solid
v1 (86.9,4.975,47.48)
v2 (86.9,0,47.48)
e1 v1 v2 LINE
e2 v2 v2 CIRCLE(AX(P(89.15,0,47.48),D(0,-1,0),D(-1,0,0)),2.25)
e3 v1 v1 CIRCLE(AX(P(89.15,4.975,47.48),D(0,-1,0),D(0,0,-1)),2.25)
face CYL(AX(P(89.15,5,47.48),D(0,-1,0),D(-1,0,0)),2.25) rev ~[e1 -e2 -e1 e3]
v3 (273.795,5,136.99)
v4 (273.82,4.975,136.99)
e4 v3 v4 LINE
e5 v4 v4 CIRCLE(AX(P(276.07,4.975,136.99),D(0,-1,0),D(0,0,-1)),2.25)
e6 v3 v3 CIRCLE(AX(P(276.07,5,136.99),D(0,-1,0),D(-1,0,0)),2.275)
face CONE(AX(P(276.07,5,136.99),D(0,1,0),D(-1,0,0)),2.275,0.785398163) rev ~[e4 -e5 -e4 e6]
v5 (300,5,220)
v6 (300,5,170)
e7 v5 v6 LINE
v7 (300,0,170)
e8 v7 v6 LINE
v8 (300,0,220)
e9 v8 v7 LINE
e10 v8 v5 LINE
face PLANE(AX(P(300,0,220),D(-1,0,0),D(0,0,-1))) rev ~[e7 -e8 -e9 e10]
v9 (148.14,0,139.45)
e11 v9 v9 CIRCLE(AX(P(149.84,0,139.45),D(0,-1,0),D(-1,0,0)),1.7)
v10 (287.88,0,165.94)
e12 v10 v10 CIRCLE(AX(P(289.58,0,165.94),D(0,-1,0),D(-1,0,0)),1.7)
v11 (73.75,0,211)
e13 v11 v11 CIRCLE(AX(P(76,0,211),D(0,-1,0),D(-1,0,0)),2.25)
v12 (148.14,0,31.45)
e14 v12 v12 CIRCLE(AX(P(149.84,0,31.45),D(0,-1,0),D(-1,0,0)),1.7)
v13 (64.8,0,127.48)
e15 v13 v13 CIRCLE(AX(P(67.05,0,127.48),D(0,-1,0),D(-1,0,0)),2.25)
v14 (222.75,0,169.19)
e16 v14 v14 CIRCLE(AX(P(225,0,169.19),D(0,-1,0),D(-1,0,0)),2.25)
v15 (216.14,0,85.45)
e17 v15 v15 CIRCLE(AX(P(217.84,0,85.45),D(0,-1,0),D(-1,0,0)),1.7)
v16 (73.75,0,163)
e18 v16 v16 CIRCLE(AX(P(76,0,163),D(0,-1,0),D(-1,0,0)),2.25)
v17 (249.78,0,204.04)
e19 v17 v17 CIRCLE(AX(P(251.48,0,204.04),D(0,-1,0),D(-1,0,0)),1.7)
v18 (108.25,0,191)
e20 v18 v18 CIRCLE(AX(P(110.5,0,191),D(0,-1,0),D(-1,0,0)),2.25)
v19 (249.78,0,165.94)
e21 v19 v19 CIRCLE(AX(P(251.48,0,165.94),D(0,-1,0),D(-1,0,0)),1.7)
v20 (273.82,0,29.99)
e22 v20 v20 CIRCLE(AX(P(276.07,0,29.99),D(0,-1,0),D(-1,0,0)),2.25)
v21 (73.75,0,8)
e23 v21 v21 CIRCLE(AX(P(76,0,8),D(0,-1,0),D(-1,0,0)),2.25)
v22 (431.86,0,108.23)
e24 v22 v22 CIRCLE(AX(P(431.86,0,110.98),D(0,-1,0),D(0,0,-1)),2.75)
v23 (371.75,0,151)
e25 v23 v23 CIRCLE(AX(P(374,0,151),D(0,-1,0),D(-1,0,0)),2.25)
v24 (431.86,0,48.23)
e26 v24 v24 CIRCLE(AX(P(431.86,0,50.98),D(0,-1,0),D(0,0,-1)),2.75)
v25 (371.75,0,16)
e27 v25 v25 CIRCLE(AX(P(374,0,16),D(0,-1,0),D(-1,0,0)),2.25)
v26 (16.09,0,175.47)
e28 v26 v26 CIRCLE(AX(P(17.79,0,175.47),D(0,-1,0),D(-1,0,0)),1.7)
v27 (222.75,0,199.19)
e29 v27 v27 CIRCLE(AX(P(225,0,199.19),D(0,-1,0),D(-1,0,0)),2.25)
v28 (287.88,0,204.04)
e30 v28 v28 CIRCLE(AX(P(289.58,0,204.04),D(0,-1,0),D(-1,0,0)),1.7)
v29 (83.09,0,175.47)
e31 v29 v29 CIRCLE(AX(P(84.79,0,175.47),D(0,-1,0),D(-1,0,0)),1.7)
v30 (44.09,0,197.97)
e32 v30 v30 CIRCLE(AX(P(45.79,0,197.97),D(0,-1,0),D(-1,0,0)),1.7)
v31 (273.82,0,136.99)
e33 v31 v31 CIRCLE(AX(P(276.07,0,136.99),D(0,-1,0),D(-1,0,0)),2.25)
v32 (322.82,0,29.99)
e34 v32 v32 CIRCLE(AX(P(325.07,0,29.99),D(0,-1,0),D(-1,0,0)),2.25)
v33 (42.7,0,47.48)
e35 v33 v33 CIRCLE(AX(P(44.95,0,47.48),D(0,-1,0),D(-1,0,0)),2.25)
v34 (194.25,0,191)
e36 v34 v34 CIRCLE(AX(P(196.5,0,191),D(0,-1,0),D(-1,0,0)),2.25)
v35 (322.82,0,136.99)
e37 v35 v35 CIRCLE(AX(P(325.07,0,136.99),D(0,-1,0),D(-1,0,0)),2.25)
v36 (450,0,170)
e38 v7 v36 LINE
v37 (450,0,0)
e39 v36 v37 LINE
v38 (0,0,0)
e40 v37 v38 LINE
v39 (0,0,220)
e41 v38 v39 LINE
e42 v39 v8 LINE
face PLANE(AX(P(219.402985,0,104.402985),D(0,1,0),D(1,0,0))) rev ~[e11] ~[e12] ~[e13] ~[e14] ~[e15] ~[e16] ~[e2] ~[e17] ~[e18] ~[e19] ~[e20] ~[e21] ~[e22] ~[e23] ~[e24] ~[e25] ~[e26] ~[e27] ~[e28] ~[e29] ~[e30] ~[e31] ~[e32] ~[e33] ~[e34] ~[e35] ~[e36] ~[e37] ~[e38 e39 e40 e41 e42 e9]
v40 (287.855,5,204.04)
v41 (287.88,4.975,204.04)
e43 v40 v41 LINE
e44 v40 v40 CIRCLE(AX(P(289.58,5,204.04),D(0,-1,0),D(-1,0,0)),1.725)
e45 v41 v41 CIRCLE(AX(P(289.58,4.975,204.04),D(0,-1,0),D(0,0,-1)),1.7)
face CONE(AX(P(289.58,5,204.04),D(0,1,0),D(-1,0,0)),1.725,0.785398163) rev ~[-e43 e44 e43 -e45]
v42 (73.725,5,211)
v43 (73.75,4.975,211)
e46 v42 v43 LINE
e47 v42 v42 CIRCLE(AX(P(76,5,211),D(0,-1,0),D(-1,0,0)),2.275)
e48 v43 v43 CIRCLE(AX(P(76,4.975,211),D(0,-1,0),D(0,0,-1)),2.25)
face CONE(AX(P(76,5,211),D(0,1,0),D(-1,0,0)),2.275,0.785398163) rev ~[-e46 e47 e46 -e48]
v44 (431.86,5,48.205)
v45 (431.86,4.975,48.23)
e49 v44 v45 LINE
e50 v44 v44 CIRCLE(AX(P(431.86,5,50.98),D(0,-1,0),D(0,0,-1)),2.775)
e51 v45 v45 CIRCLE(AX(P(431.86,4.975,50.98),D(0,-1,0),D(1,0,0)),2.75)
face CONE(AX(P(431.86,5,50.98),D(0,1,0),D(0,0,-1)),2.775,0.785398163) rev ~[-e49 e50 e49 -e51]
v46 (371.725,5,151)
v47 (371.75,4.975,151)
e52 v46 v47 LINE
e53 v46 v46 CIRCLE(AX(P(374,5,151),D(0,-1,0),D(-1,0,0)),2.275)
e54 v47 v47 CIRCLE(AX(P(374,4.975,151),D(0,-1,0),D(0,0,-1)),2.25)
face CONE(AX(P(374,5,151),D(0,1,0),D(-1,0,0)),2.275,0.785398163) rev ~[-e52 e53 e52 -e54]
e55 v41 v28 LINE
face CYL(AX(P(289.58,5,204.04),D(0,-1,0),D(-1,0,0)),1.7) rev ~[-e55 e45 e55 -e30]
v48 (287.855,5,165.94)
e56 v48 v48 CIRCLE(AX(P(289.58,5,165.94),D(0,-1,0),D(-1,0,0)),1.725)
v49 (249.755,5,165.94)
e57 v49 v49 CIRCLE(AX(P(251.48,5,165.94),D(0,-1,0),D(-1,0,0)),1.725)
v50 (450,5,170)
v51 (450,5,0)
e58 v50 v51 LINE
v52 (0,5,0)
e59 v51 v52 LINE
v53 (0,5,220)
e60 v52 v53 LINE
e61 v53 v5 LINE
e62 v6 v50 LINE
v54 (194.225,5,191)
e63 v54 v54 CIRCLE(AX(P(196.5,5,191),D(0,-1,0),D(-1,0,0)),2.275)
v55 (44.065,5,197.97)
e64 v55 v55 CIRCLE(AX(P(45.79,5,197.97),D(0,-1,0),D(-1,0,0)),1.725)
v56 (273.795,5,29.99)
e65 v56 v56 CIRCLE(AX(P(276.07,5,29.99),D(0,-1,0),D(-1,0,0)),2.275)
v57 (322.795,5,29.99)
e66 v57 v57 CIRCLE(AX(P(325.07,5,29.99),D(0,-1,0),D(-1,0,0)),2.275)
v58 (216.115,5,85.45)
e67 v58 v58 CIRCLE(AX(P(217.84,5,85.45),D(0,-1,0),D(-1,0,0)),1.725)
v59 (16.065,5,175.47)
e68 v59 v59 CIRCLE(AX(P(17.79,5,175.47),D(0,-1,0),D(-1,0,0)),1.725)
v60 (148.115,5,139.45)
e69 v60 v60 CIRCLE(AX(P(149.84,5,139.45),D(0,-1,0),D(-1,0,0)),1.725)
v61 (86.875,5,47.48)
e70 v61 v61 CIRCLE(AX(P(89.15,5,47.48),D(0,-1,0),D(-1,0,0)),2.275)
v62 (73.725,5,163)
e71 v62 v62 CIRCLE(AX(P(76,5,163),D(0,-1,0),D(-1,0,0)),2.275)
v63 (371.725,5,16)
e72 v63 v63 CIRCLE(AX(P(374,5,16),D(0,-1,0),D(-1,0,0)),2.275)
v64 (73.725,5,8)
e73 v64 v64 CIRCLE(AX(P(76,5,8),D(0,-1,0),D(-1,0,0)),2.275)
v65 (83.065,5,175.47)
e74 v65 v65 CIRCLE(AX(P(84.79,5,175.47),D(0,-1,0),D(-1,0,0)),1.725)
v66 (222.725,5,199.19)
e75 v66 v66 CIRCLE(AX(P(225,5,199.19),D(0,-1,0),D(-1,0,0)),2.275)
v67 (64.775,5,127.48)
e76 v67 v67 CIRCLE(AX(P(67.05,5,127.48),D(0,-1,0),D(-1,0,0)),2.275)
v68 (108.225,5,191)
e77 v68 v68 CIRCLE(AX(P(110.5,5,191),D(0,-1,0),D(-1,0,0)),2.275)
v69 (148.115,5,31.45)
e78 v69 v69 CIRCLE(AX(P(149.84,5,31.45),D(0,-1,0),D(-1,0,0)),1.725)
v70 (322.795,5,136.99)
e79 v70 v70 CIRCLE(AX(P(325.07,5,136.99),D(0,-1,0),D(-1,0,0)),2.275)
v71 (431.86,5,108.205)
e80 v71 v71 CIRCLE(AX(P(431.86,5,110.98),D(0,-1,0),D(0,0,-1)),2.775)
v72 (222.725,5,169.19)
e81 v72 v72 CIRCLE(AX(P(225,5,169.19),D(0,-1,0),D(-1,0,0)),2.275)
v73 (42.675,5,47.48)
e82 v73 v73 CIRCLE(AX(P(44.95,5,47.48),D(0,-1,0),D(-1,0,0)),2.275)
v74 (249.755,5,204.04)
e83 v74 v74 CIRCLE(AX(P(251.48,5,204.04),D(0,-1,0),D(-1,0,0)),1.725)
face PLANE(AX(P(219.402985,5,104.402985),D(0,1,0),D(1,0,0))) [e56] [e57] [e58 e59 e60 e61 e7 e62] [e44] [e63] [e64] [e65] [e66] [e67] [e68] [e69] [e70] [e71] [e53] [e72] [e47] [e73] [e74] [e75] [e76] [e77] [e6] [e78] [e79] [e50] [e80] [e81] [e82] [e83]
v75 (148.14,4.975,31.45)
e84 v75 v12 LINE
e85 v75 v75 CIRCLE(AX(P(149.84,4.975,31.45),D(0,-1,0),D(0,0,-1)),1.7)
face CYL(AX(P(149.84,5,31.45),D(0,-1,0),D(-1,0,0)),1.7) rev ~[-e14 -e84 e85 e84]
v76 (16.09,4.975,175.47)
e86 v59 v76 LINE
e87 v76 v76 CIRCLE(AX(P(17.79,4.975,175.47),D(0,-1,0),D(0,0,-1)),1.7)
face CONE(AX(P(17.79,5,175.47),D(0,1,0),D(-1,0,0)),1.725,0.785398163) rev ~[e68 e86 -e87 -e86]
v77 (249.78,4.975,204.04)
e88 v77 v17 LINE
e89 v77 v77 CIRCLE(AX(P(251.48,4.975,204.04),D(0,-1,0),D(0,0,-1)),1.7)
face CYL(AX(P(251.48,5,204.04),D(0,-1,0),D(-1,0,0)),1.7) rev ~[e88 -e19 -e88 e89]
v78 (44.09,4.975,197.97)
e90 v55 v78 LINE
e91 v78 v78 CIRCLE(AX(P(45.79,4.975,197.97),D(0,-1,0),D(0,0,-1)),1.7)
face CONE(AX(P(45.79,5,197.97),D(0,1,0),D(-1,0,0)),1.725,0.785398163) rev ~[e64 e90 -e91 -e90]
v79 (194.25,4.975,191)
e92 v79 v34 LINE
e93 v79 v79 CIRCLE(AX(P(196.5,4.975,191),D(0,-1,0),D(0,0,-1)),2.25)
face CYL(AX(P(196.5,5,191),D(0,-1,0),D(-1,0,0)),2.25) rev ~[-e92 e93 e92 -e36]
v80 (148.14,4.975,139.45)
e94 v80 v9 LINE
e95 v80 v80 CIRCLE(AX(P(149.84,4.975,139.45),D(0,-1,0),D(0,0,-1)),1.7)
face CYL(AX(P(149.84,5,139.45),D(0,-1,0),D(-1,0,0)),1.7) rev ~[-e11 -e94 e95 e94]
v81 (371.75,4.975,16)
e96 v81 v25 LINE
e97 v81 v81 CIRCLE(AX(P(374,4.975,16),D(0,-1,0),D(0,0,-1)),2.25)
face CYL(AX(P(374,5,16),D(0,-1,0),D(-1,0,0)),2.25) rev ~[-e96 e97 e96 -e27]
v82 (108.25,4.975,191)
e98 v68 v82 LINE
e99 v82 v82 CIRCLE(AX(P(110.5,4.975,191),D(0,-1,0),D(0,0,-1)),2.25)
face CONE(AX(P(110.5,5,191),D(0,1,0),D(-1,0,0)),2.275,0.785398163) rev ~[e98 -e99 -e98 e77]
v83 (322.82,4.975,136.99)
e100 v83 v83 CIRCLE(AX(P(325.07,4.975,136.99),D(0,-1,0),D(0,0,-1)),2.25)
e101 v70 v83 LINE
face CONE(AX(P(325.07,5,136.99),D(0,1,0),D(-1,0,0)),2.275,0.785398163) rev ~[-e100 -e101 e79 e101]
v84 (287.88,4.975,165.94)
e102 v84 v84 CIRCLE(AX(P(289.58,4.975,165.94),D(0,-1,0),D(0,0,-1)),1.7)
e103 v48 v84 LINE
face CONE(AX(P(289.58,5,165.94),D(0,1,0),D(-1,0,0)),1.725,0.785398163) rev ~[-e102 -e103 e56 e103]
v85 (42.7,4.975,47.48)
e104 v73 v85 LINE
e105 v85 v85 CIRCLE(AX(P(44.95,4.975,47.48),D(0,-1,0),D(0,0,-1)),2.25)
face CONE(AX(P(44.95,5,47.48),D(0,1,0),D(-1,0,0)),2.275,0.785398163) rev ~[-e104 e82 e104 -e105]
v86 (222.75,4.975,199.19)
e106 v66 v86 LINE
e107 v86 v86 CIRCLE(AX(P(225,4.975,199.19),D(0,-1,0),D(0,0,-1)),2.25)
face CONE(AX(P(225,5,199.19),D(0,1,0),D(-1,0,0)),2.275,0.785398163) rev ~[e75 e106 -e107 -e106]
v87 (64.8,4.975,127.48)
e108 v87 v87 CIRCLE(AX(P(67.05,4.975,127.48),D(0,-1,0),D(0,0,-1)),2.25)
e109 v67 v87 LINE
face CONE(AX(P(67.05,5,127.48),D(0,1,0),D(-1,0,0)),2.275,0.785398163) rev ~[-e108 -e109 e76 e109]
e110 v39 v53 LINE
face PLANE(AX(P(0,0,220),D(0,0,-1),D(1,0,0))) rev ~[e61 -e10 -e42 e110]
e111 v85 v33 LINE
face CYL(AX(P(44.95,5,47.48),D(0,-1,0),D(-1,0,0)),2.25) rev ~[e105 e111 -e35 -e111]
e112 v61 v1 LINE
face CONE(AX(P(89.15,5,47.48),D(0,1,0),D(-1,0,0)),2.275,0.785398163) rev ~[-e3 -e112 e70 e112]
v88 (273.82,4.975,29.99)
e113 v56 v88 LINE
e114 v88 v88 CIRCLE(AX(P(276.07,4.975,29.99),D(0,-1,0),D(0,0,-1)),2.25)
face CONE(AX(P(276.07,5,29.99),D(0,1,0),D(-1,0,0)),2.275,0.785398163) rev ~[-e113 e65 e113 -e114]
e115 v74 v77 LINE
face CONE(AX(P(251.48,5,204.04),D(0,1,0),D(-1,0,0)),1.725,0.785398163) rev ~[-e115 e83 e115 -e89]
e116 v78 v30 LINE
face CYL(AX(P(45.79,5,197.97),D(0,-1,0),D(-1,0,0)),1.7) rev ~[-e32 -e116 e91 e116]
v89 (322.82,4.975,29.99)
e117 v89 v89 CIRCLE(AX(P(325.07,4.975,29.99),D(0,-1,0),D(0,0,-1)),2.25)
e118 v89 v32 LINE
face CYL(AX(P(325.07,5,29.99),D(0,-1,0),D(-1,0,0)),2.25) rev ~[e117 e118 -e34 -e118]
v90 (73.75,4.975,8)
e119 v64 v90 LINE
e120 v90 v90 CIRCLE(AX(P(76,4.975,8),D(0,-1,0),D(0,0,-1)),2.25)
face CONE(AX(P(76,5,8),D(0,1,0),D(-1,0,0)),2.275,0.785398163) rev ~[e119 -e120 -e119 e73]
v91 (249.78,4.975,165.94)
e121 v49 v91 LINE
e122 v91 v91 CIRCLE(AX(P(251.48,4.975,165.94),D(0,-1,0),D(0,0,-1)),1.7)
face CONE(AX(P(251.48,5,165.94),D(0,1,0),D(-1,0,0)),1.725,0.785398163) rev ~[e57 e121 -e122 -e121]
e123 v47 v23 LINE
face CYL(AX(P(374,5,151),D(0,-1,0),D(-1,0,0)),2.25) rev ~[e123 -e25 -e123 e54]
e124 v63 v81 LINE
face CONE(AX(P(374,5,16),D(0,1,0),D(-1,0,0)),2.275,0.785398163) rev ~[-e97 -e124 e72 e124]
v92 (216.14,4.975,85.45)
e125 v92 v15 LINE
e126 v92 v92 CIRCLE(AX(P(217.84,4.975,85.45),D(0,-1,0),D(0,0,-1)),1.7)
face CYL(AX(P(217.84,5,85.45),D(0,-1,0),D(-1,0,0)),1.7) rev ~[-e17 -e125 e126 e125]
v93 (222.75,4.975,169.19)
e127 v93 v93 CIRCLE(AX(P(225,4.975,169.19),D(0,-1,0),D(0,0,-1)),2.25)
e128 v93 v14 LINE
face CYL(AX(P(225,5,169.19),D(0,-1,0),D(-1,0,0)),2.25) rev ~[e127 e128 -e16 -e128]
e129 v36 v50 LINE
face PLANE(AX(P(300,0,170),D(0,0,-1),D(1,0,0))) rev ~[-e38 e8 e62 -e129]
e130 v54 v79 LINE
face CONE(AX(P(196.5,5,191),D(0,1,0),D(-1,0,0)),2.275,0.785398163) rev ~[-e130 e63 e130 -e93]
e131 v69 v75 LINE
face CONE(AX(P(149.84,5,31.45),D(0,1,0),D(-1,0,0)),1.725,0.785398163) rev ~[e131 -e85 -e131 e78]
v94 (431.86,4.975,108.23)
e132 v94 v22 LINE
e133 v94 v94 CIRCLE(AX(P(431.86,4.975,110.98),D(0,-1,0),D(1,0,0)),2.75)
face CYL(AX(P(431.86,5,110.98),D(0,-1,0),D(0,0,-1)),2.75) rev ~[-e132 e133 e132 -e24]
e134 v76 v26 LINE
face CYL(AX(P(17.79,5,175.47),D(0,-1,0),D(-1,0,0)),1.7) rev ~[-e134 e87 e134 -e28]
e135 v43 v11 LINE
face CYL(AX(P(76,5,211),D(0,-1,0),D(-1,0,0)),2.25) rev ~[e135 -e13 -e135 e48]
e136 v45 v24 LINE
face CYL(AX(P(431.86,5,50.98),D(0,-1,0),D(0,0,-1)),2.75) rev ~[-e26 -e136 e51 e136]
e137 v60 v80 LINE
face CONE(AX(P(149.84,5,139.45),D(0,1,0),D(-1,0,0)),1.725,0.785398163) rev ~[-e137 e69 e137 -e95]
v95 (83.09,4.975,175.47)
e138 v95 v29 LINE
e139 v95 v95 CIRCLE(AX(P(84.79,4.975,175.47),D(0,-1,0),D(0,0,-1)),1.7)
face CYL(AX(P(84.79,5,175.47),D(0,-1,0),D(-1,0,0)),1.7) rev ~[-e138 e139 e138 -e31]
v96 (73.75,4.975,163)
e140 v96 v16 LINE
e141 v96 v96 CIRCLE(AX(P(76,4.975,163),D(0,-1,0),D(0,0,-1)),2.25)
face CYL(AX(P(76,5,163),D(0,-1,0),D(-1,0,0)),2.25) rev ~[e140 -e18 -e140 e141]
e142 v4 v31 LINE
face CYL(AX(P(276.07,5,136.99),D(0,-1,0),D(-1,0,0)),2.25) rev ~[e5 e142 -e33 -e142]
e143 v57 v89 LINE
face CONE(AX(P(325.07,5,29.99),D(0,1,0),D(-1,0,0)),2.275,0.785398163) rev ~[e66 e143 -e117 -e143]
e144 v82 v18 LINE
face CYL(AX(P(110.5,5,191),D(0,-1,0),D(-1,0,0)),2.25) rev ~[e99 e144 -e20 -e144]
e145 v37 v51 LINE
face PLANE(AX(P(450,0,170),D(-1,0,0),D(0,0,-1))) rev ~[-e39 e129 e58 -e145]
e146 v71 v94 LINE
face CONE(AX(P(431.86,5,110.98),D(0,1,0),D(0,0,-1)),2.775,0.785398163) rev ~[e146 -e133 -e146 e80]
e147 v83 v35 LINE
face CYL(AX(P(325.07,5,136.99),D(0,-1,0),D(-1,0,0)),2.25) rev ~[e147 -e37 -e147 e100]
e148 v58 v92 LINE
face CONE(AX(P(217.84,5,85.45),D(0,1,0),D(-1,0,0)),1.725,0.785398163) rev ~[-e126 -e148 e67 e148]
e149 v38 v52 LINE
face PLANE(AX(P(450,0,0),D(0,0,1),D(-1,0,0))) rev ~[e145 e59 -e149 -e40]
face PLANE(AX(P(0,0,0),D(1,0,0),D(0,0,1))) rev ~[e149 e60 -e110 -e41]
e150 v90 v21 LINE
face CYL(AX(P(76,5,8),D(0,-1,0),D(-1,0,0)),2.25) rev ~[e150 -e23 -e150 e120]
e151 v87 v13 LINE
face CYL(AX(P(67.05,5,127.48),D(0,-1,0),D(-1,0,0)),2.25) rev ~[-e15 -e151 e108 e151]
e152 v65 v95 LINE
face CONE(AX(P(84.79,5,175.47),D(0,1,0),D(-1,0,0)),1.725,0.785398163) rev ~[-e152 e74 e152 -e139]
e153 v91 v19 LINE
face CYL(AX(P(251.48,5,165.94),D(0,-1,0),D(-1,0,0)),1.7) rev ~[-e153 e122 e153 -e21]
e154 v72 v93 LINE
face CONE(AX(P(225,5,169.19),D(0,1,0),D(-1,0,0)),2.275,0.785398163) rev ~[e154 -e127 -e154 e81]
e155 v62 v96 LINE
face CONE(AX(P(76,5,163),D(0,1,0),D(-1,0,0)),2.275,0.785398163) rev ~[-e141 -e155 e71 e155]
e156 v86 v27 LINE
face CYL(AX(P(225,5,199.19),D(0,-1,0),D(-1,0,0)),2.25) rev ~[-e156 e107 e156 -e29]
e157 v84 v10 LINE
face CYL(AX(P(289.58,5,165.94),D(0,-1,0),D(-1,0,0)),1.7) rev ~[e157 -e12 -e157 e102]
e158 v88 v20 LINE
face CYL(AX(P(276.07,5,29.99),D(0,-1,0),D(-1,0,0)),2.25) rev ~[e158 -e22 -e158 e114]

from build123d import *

# Parameters (mm, degrees)
BOSS_EXTRUDE1_DEPTH            = 5
M3_CLEARANCE_HOLE1_D           = 3.4
M3_CLEARANCE_HOLE1_CSINK_D     = 3.45
M3_CLEARANCE_HOLE1_CSINK_ANGLE = 90
M4_CLEARANCE_HOLE1_D           = 4.5
M4_CLEARANCE_HOLE1_CSINK_D     = 4.55
M4_CLEARANCE_HOLE1_CSINK_ANGLE = 90
M5_CLEARANCE_HOLE1_D           = 5.5
M5_CLEARANCE_HOLE1_CSINK_D     = 5.55
M5_CLEARANCE_HOLE1_CSINK_ANGLE = 90
M4_CLEARANCE_HOLE2_D           = 4.5
M4_CLEARANCE_HOLE2_CSINK_D     = 4.55
M4_CLEARANCE_HOLE2_CSINK_ANGLE = 90


with BuildPart() as part:
    # Sketch1 → Boss-Extrude1 (new body)
    with BuildSketch(Plane(origin=(0, 0, 0), x_dir=(1, 0, 0), z_dir=(0, 1, 0))):
        Polygon((0, 0), (0, -220), (300, -220), (300, -170), (450, -170), (450, 0), align=None)
    extrude(amount=BOSS_EXTRUDE1_DEPTH)

    # M3 Clearance Hole1 (through all)
    with Locations(Plane(origin=(0, 5, 0), x_dir=(1, 0, 0), z_dir=(0, 1, 0))):
        with Locations((17.79, -175.47), (45.79, -197.97), (84.79, -175.47), (251.48, -204.04), (251.48, -165.94), (149.84, -139.45), (217.84, -85.45), (149.84, -31.45), (289.58, -165.94), (289.58, -204.04)):
            CounterSinkHole(M3_CLEARANCE_HOLE1_D / 2, M3_CLEARANCE_HOLE1_CSINK_D / 2, counter_sink_angle=M3_CLEARANCE_HOLE1_CSINK_ANGLE)

    # M4 Clearance Hole1 (through all)
    with Locations(Plane(origin=(0, 5, 0), x_dir=(1, 0, 0), z_dir=(0, 1, 0))):
        with Locations((44.95, -47.48), (89.15, -47.48), (67.05, -127.48), (276.07, -29.99), (325.07, -29.99), (276.07, -136.99), (325.07, -136.99), (225, -199.19), (225, -169.19), (110.5, -191), (196.5, -191)):
            CounterSinkHole(M4_CLEARANCE_HOLE1_D / 2, M4_CLEARANCE_HOLE1_CSINK_D / 2, counter_sink_angle=M4_CLEARANCE_HOLE1_CSINK_ANGLE)

    # M5 Clearance Hole1 (through all)
    with Locations(Plane(origin=(431.86, 5, 50.98), x_dir=(0, 0, 1), z_dir=(0, 1, 0))):
        with Locations((0, 0), (60, 0)):
            CounterSinkHole(M5_CLEARANCE_HOLE1_D / 2, M5_CLEARANCE_HOLE1_CSINK_D / 2, counter_sink_angle=M5_CLEARANCE_HOLE1_CSINK_ANGLE)

    # M4 Clearance Hole2 (through all)
    with Locations(Plane(origin=(0, 5, 0), x_dir=(1, 0, 0), z_dir=(0, 1, 0))):
        with Locations((76, -8), (76, -163), (76, -211), (374, -151), (374, -16)):
            CounterSinkHole(M4_CLEARANCE_HOLE2_D / 2, M4_CLEARANCE_HOLE2_CSINK_D / 2, counter_sink_angle=M4_CLEARANCE_HOLE2_CSINK_ANGLE)


solid = part.part
